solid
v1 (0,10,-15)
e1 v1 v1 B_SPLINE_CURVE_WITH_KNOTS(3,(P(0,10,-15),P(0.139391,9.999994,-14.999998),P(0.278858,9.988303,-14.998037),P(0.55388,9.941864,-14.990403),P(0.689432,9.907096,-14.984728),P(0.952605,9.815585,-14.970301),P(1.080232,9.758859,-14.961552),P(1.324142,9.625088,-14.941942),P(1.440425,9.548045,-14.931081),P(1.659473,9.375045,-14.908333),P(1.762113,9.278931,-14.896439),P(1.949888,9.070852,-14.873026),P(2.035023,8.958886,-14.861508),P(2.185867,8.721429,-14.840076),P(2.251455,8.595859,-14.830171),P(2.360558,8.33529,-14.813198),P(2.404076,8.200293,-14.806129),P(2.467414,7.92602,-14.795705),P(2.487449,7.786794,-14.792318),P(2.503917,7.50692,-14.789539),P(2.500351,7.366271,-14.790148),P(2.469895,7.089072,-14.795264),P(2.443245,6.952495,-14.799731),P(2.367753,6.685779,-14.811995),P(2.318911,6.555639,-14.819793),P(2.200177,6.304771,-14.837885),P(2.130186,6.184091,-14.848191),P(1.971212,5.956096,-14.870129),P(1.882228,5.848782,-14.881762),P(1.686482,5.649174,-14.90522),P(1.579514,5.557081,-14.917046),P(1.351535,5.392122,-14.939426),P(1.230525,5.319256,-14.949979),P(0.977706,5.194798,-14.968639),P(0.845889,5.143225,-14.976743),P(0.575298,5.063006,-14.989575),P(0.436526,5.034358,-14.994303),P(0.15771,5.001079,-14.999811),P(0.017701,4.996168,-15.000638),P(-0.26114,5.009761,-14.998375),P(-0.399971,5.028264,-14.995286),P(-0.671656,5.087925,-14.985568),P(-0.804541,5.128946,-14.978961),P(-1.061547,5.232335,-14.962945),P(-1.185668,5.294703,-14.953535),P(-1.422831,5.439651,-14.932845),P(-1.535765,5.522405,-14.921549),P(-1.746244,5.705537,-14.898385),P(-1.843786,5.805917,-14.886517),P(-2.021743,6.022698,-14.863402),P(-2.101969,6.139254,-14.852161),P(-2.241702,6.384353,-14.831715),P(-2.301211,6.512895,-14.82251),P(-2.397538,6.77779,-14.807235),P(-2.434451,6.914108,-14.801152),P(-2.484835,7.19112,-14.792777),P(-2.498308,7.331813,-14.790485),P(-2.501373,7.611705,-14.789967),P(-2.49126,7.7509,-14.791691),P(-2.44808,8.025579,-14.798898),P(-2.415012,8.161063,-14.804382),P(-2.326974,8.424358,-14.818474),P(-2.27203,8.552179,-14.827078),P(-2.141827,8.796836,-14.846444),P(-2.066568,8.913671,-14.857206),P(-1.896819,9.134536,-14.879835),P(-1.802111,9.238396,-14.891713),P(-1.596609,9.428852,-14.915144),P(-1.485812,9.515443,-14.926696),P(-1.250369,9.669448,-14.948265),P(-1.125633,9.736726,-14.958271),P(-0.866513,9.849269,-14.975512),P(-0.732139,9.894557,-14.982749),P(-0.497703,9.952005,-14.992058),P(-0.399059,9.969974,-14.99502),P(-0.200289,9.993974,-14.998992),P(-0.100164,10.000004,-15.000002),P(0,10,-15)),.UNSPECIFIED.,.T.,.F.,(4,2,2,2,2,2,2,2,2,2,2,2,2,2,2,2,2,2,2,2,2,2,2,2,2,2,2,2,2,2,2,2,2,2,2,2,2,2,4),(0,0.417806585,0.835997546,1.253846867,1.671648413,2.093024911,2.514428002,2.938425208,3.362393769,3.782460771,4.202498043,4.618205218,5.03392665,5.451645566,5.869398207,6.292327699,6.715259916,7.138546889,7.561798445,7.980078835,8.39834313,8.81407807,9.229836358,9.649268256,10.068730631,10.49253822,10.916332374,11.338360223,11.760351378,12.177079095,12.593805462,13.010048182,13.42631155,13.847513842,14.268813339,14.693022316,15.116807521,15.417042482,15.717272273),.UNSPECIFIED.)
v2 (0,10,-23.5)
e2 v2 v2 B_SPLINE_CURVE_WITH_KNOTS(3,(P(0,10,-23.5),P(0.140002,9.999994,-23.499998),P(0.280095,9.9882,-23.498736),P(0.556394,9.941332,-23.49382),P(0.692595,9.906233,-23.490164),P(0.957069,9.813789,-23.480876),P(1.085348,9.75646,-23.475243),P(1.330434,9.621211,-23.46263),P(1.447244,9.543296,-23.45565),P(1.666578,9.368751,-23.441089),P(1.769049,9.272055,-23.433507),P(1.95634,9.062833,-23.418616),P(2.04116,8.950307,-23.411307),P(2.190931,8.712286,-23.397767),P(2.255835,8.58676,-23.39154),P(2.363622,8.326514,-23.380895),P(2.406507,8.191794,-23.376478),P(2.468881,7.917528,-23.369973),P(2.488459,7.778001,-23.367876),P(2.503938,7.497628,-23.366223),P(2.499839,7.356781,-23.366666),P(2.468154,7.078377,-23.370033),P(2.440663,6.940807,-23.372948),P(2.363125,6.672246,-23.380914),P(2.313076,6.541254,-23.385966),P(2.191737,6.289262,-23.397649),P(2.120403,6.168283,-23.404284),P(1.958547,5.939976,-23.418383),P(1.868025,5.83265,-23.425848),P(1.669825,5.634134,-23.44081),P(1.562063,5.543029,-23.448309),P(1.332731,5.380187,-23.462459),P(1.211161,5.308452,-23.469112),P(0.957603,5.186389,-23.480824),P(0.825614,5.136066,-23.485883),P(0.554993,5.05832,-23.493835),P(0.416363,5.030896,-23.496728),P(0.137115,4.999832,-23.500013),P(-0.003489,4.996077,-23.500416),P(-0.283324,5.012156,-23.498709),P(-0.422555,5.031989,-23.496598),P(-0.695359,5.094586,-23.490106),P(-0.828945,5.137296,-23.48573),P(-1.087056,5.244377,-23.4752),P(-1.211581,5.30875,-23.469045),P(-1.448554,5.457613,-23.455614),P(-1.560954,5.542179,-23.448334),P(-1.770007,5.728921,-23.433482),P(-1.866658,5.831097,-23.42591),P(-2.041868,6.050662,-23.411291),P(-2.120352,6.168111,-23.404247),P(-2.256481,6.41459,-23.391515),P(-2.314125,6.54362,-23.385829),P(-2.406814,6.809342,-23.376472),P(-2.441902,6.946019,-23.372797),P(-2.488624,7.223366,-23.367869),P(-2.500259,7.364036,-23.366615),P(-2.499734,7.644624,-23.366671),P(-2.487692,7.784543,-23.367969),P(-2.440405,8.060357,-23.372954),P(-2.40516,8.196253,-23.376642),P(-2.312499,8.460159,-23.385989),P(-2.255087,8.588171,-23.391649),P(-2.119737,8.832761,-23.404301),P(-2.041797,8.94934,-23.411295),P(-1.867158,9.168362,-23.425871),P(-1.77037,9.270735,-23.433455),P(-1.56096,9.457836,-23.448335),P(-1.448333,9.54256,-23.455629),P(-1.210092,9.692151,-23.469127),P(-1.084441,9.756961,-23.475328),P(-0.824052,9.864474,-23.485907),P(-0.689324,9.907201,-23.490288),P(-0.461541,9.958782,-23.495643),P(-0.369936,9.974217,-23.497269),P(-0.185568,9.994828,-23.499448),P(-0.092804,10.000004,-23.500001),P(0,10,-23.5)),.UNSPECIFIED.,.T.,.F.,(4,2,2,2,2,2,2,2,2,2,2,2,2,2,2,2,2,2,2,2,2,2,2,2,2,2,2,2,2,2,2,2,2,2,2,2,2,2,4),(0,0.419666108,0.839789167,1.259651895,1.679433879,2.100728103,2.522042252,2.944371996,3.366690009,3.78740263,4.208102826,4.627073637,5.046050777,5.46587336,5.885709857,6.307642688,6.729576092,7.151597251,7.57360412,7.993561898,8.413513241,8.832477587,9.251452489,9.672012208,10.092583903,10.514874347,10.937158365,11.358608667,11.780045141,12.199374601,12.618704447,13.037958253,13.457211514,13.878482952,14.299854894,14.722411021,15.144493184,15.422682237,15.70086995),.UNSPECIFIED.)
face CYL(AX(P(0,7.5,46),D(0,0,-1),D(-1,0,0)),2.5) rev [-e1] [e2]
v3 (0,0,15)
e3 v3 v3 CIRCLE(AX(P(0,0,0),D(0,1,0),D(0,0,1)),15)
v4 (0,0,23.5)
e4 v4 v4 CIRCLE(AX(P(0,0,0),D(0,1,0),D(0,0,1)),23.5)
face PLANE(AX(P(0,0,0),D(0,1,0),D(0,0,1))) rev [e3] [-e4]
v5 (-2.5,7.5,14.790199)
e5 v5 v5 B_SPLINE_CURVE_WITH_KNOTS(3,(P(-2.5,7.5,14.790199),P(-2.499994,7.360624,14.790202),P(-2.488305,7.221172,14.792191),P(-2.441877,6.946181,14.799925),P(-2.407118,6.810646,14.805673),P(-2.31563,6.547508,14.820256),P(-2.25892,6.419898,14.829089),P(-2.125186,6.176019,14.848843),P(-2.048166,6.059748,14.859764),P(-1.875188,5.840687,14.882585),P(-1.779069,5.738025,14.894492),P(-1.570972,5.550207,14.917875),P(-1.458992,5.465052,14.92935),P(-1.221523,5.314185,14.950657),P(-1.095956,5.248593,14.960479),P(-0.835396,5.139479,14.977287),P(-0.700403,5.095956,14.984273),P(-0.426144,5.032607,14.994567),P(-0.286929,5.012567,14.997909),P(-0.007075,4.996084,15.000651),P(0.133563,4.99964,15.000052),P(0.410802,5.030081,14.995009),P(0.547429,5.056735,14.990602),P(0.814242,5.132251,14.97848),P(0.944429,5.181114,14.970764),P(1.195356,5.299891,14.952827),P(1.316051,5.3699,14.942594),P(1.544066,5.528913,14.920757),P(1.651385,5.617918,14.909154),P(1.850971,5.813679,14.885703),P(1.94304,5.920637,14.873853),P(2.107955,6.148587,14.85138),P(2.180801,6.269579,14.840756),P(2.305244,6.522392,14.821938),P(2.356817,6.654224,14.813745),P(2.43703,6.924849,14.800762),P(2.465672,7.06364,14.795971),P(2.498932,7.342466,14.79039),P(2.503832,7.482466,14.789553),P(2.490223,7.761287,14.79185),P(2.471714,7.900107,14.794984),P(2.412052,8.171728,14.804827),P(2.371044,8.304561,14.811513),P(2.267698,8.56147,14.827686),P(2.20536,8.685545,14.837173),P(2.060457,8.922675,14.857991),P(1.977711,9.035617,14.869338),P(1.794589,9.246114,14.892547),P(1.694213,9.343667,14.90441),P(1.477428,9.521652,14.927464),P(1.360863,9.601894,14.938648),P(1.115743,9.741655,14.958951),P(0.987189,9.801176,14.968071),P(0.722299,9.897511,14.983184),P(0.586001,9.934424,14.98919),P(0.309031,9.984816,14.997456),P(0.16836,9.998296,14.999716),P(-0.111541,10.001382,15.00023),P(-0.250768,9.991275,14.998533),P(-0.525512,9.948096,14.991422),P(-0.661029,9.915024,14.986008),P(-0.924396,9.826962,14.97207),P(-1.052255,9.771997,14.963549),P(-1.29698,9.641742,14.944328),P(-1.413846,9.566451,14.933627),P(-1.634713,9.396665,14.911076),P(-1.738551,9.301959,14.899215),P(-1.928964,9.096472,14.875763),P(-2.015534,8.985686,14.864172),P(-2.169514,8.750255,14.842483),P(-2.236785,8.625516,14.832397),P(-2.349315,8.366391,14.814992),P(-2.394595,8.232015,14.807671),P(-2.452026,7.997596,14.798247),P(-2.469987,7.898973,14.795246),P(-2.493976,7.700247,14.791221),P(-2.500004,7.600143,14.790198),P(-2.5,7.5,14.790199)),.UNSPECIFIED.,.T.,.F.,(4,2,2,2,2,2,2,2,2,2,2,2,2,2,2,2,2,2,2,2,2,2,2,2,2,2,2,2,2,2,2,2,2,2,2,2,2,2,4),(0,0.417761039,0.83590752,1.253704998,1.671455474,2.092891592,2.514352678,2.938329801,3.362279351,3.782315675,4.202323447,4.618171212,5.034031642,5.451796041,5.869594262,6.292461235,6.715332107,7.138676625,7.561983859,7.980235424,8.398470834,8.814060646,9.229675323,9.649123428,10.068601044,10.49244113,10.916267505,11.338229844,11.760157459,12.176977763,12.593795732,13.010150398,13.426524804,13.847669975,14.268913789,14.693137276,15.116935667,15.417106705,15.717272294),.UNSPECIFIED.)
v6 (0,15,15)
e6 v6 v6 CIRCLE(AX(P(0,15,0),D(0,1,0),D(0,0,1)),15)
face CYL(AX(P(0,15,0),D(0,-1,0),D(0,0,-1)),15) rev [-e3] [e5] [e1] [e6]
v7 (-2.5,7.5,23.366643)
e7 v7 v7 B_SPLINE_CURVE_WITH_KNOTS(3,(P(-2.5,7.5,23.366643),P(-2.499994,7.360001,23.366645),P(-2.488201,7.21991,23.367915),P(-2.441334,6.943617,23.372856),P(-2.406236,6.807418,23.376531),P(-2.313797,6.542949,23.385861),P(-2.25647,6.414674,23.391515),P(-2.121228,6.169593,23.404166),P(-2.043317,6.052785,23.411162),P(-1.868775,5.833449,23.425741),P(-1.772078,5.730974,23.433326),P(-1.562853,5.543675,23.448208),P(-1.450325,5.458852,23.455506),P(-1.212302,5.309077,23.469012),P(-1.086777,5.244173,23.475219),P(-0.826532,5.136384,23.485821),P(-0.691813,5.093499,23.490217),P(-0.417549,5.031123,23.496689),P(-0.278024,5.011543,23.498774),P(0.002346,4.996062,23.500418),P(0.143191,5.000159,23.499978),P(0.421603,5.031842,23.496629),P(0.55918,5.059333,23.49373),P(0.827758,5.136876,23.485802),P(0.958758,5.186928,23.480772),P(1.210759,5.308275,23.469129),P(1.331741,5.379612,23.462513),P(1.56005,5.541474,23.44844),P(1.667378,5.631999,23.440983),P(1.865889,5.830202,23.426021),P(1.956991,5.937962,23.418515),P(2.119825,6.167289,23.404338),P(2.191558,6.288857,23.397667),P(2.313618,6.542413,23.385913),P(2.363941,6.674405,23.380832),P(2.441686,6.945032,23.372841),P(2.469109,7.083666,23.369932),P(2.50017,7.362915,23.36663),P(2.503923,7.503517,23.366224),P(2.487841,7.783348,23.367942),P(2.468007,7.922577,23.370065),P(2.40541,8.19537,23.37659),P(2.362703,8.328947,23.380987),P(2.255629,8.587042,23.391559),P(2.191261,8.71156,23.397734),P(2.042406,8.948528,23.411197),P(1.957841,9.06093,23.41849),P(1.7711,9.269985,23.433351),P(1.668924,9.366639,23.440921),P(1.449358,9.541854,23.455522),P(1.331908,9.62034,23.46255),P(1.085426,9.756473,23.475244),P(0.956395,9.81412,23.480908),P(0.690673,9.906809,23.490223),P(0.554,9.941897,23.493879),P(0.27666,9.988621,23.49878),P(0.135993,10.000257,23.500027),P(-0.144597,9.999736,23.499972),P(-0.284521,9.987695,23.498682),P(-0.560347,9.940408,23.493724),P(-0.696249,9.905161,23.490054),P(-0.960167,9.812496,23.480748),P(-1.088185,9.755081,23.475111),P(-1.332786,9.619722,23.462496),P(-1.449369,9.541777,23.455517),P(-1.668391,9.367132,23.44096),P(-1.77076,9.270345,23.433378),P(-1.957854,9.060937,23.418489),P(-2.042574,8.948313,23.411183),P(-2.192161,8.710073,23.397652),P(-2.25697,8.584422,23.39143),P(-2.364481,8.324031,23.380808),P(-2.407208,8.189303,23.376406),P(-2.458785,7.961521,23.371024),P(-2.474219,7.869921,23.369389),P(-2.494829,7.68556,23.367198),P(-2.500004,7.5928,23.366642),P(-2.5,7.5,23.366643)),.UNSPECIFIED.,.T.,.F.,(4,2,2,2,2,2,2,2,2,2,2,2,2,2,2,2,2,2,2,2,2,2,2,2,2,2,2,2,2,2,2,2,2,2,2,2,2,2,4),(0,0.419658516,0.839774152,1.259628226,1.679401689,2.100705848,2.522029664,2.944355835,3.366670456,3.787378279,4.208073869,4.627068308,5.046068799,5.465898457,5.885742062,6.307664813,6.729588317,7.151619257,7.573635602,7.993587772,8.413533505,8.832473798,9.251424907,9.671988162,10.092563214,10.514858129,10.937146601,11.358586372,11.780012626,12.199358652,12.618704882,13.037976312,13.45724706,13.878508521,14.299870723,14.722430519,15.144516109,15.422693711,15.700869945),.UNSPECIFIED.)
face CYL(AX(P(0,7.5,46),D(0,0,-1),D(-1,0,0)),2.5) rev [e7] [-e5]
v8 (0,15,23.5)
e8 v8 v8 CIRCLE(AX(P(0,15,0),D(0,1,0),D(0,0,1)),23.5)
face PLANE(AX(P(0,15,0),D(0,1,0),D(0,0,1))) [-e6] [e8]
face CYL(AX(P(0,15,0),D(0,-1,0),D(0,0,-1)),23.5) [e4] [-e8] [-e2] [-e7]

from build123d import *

# Parameters (mm, degrees)
SKETCH_1_R               = 23.5
SKETCH_1_R_2             = 15
EXTRUDE_1_DEPTH          = 15
CUT_EXTRUDE_1_DEPTH      = 46
CUT_EXTRUDE_1_DEPTH_BACK = 44
SKETCH_2_R               = 2.5


with BuildPart() as part:
    # Эскиз1 → Бобышка-Вытянуть1 (new body)
    with BuildSketch(Plane(origin=(0, 0, 0), x_dir=(1, 0, 0), z_dir=(0, 1, 0))):
        with Locations(Location((0, 0, 0), (0, 0, 270))):
            Circle(SKETCH_1_R)
        with Locations(Location((0, 0, 0), (0, 0, 270))):
            Circle(SKETCH_1_R_2, mode=Mode.SUBTRACT)
    extrude(amount=EXTRUDE_1_DEPTH)

    # Эскиз2 → Вырез-Вытянуть1 (cut, two sides: drawn at the far end of the back side and taken through both)
    with BuildSketch(Plane.XY.offset(-CUT_EXTRUDE_1_DEPTH_BACK)):
        with Locations(Location((0, 7.5, 0), (0, 0, 180))):
            Circle(SKETCH_2_R)
    extrude(amount=CUT_EXTRUDE_1_DEPTH + CUT_EXTRUDE_1_DEPTH_BACK, mode=Mode.SUBTRACT)


solid = part.part
